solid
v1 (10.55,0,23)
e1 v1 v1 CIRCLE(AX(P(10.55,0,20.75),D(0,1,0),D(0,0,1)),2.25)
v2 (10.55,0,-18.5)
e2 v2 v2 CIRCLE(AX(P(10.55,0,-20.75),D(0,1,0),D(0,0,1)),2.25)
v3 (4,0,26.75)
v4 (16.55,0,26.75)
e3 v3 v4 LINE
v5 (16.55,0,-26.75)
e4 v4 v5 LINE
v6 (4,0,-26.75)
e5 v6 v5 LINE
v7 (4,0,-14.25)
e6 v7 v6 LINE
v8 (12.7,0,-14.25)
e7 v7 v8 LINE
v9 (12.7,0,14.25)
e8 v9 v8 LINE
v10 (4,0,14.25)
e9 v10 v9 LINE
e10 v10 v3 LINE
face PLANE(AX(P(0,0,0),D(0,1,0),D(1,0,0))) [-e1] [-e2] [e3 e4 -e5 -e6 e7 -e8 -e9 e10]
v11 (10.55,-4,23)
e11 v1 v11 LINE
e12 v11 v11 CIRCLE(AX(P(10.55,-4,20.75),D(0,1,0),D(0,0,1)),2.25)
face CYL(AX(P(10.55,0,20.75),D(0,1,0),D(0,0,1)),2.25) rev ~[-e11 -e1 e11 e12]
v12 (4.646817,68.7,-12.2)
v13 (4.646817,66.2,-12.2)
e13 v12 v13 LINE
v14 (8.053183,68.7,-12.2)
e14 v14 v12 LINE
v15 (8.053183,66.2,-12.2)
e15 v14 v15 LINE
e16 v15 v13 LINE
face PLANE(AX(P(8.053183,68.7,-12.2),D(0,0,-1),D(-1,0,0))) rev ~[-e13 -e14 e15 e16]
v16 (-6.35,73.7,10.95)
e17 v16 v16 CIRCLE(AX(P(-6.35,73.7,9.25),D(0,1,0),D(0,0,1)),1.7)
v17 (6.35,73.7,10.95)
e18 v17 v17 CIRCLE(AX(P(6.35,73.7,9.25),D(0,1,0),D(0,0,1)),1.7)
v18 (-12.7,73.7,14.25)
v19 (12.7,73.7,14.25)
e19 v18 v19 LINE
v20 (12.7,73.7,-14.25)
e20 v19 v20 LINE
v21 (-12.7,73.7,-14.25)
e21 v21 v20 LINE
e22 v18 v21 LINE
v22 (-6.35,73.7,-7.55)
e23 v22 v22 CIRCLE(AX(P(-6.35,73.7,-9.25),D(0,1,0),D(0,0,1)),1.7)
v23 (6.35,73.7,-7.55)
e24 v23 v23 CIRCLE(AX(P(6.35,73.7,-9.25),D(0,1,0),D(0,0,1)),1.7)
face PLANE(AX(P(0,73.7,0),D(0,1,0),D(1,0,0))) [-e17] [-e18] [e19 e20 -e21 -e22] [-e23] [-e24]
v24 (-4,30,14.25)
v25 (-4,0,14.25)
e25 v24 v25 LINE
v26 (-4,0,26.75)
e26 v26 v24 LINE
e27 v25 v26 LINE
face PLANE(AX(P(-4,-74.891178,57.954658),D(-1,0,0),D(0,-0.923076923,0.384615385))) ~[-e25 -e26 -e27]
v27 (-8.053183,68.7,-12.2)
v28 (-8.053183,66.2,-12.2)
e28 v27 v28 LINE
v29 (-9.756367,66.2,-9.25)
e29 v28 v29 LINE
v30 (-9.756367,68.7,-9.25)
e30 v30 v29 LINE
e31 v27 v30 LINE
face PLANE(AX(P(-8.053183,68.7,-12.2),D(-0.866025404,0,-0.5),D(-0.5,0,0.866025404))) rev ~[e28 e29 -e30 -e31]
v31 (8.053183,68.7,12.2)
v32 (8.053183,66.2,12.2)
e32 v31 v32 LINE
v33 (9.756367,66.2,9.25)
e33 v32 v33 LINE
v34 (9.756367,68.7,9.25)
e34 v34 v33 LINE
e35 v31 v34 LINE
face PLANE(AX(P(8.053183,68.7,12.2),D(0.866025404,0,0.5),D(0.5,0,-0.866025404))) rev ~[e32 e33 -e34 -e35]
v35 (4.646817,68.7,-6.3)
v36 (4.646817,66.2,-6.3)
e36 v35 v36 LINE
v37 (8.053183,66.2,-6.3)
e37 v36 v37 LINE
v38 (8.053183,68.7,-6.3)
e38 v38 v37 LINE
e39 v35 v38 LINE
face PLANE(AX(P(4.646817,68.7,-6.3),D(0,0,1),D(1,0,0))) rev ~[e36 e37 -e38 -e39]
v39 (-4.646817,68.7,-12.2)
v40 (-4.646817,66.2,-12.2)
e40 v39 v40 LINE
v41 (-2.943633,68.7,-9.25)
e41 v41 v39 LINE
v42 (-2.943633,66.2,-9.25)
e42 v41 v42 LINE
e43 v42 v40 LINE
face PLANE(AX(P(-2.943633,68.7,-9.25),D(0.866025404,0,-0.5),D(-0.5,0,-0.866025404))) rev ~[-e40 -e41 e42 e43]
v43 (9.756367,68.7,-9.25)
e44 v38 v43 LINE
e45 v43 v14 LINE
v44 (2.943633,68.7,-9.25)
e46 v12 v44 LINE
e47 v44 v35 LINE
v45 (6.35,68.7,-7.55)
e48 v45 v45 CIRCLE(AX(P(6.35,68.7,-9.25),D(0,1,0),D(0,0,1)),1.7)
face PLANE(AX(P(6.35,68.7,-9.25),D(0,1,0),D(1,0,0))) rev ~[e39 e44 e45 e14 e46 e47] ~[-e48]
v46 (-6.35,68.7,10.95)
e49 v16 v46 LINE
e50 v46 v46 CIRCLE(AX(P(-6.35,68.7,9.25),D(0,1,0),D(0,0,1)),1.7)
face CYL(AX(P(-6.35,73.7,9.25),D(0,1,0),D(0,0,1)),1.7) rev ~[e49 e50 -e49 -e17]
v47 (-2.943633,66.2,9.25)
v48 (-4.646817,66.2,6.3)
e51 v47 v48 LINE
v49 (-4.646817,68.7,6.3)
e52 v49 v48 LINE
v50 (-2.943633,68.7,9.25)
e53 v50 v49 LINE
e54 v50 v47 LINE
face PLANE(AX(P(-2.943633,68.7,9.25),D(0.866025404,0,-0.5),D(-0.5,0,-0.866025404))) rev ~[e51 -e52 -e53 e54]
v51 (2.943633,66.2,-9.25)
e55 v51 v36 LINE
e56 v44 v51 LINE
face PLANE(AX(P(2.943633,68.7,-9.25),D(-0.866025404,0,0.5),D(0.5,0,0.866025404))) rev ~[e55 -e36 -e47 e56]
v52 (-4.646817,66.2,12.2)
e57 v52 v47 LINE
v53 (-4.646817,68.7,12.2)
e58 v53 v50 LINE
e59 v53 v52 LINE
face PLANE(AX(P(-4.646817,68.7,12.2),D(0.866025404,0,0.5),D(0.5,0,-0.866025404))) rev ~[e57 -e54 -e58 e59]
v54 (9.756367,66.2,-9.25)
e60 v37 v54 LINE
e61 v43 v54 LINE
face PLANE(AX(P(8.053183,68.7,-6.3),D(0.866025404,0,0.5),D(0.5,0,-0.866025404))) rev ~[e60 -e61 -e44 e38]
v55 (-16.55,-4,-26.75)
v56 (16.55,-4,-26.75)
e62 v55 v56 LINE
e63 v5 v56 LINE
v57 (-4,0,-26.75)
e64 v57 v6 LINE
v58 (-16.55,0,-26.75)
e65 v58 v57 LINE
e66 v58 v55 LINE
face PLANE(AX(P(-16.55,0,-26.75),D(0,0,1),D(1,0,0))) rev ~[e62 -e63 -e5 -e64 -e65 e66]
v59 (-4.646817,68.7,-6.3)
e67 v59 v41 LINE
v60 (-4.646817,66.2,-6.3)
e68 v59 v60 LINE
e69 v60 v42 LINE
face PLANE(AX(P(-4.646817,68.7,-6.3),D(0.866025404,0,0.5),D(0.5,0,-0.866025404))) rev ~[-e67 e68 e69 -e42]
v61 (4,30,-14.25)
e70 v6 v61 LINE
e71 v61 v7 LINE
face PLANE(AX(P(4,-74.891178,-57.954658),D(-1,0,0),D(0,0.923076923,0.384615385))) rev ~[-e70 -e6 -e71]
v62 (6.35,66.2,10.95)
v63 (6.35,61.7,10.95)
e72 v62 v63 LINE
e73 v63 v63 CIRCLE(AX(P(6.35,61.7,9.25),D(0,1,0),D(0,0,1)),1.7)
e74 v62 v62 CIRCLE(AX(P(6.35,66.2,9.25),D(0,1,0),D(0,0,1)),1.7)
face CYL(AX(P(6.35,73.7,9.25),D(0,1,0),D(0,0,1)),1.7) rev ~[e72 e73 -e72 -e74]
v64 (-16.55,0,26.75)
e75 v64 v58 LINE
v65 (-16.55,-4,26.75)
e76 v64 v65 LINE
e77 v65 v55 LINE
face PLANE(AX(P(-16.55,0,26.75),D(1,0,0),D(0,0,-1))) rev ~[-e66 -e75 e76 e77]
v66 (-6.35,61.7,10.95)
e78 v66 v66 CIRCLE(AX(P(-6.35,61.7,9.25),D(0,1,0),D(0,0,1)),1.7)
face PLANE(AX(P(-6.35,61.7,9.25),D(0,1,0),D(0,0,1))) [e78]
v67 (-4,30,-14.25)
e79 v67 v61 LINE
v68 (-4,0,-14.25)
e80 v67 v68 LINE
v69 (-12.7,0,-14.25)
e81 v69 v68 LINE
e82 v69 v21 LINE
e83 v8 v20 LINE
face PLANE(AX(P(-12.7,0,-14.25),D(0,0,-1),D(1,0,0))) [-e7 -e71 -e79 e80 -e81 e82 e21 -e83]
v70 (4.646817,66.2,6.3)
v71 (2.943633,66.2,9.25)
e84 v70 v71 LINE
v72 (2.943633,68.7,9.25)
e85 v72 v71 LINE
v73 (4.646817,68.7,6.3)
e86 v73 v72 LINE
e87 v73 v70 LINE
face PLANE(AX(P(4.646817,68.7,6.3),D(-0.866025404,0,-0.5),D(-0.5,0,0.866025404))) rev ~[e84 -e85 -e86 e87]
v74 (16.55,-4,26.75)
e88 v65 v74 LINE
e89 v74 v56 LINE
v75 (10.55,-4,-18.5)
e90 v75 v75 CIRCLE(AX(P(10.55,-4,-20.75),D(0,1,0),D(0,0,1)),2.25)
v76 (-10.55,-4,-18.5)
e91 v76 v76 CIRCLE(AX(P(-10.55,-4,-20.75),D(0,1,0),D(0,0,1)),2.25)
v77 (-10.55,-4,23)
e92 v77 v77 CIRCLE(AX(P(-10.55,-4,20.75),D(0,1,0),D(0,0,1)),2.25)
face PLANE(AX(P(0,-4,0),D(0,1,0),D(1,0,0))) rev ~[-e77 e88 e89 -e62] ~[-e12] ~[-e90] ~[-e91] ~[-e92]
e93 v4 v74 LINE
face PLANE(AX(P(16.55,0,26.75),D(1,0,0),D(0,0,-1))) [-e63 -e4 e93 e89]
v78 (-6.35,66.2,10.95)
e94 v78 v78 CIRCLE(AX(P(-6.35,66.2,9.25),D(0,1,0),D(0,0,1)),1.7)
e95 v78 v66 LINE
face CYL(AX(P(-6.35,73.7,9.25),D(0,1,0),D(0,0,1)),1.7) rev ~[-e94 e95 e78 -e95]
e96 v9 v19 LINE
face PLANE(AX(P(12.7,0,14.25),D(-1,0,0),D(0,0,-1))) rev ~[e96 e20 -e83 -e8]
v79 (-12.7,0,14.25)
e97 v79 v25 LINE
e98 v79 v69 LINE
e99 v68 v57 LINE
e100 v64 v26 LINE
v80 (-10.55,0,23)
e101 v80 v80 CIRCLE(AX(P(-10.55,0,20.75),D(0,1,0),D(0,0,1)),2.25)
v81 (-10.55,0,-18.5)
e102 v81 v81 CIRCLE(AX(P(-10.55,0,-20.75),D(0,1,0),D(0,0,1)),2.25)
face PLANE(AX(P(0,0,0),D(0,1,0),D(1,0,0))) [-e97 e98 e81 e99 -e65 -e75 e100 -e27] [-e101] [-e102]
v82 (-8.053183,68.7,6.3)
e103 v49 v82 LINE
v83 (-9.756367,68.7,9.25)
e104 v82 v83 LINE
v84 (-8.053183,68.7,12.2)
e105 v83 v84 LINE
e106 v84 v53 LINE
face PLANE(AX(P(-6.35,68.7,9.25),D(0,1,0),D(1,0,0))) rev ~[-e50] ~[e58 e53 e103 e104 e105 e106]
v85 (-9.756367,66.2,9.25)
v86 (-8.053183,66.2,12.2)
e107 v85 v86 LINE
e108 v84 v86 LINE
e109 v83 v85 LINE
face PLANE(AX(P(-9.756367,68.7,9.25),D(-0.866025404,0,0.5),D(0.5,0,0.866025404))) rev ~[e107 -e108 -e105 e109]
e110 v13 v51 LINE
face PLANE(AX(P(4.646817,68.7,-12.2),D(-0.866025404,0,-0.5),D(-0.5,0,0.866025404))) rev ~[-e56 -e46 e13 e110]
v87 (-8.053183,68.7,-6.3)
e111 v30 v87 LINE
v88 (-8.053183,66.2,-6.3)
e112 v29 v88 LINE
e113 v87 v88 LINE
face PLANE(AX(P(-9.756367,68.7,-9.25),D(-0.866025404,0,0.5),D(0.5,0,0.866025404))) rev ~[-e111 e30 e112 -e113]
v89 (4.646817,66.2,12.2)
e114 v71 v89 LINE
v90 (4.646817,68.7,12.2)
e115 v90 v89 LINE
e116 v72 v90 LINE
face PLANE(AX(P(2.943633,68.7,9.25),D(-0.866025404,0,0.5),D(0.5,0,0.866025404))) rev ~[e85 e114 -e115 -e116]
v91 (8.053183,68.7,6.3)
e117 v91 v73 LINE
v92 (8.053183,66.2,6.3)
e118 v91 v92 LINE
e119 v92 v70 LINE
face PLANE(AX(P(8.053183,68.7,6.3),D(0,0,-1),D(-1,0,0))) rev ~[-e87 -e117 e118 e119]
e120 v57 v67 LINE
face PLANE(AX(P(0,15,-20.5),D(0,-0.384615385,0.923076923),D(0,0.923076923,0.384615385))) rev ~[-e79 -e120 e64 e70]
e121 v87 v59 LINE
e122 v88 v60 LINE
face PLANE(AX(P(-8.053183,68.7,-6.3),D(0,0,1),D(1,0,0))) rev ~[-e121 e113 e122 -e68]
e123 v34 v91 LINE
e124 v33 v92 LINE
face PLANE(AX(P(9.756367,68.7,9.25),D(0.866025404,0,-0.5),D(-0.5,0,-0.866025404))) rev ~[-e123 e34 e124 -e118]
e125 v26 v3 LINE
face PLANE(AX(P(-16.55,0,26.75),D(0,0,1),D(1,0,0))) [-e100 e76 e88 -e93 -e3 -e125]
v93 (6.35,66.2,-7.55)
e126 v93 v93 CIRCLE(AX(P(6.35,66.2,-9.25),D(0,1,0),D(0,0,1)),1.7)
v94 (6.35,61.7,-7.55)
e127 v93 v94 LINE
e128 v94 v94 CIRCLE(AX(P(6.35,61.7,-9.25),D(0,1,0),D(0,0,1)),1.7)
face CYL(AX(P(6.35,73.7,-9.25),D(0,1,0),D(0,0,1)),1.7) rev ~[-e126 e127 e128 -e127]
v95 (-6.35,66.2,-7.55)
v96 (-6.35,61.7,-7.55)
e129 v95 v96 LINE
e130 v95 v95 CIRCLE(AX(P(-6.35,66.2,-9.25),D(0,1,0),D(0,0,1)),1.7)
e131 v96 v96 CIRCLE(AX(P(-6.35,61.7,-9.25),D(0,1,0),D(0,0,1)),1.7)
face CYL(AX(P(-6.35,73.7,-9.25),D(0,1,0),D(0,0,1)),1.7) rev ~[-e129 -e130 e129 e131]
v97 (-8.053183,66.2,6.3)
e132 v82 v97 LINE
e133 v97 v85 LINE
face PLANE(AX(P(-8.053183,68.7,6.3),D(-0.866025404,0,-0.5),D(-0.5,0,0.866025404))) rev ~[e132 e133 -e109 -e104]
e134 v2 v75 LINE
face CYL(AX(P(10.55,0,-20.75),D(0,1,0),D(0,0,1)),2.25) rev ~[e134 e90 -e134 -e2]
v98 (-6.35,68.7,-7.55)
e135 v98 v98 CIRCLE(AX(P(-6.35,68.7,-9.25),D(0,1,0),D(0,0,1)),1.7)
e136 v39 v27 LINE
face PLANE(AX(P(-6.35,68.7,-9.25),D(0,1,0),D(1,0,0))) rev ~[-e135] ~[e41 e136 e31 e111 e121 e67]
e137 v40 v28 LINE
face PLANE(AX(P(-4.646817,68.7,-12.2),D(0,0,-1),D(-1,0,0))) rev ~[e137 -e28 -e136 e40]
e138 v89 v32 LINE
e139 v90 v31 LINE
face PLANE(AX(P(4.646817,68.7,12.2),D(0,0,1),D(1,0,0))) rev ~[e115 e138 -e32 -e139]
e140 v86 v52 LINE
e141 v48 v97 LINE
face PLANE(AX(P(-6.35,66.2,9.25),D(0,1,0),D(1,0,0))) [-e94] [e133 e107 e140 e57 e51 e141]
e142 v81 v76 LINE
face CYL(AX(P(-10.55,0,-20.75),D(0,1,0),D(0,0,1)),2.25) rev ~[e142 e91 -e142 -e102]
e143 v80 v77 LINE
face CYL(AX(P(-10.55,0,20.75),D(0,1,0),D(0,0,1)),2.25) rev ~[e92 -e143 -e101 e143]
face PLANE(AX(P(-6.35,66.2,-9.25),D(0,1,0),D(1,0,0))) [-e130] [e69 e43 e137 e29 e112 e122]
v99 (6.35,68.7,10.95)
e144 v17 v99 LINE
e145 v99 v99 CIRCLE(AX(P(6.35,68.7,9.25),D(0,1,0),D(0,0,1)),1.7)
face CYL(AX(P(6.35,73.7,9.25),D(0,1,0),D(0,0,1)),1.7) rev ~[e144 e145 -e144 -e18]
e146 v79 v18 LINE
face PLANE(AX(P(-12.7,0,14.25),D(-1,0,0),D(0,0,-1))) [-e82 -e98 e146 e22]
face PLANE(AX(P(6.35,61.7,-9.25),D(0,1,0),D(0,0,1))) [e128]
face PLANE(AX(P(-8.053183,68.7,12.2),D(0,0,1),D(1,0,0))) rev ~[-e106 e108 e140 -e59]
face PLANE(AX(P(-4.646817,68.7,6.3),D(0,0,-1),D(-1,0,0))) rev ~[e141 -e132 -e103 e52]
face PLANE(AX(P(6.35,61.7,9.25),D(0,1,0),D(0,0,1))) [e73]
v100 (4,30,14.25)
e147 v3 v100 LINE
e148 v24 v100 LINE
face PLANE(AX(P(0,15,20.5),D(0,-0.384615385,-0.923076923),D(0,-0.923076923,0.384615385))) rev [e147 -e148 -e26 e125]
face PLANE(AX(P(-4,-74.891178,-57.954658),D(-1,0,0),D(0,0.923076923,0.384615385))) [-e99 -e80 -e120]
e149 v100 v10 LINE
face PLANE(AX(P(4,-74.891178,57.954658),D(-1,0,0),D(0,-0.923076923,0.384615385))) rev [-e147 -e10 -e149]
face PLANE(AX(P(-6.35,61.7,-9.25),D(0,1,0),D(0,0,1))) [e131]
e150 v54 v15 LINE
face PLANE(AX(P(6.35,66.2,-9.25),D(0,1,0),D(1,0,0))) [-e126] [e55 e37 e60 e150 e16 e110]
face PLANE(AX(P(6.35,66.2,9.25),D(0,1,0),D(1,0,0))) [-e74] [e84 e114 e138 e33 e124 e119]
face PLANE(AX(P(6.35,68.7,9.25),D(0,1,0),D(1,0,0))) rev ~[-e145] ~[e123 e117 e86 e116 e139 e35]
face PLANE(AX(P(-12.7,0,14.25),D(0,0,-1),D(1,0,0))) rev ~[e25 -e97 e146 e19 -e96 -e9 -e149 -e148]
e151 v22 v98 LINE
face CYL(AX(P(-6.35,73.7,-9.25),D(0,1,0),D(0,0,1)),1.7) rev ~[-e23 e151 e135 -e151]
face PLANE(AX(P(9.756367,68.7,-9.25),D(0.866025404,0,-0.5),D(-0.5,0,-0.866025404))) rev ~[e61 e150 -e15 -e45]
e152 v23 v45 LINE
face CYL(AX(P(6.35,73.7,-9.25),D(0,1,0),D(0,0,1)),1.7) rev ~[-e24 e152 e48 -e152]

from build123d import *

# Parameters (mm, degrees)
SKETCH10_W          = 33.1
SKETCH10_H          = 53.5
BOSS_EXTRUDE7_DEPTH = 4
SKETCH12_R          = 2.25
CUT_EXTRUDE2_DEPTH  = 32.709068104
SKETCH11_W          = 25.4
SKETCH11_H          = 28.5
BOSS_EXTRUDE8_DEPTH = 73.7
RIB3_REACH          = 82.132
SKETCH13_WALL_W     = 194.764219338
SKETCH13_WALL_H     = 8
SKETCH14_R          = 1.7
CUT_EXTRUDE3_DEPTH  = 12
CUT_EXTRUDE5_START  = -5
SKETCH14_3_R        = 1.7
CUT_EXTRUDE5_DEPTH  = 2.5


with BuildPart() as part:
    # Sketch10 → Boss-Extrude7 (new body)
    with BuildSketch(Plane(origin=(0, 0, 0), x_dir=(1, 0, 0), z_dir=(0, 1, 0))):
        Rectangle(SKETCH10_W, SKETCH10_H)
    extrude(amount=-BOSS_EXTRUDE7_DEPTH)

    # Sketch12 → Cut-Extrude2 (cut, through all)
    with BuildSketch(Plane(origin=(0, 0, 0), x_dir=(1, 0, 0), z_dir=(0, 1, 0))):
        with Locations(Location((-10.55, 20.75, 0), (0, 0, 270))):
            Circle(SKETCH12_R)
        with Locations(Location((10.55, 20.75, 0), (0, 0, 270))):
            Circle(SKETCH12_R)
        with Locations(Location((10.55, -20.75, 0), (0, 0, 270))):
            Circle(SKETCH12_R)
        with Locations(Location((-10.55, -20.75, 0), (0, 0, 270))):
            Circle(SKETCH12_R)
    extrude(amount=-CUT_EXTRUDE2_DEPTH, mode=Mode.SUBTRACT)

    # Sketch11 → Boss-Extrude8 (add)
    with BuildSketch(Plane(origin=(0, 0, 0), x_dir=(1, 0, 0), z_dir=(0, 1, 0))):
        Rectangle(SKETCH11_W, SKETCH11_H)
    extrude(amount=BOSS_EXTRUDE8_DEPTH)

    # Sketch13 wall → Rib3 (add, up to next)
    with BuildSketch(Plane(origin=(0, 15, -20.5), x_dir=(0, 0.923076923077, 0.384615384615), z_dir=(0, -0.384615384615, 0.923076923077)), mode=Mode.PRIVATE) as rib3_sk1:
        Rectangle(SKETCH13_WALL_W, SKETCH13_WALL_H)
    rib3_tool1 = extrude(rib3_sk1.sketch, amount=RIB3_REACH, mode=Mode.PRIVATE) - part.part
    rib3 = rib3_tool1.solids().sort_by_distance((0, 15, -20.5))[0]
    add(rib3)

    # Mirror1: Rib3 across plane
    add(rib3.mirror(Plane.XY))

    # Sketch14 → Cut-Extrude3 (cut)
    with BuildSketch(Plane(origin=(0, 73.7, 0), x_dir=(1, 0, 0), z_dir=(0, 1, 0))):
        with Locations(Location((-6.35, 9.25, 0), (0, 0, 270))):
            Circle(SKETCH14_R)
        with Locations(Location((6.35, 9.25, 0), (0, 0, 270))):
            Circle(SKETCH14_R)
        with Locations(Location((-6.35, -9.25, 0), (0, 0, 270))):
            Circle(SKETCH14_R)
        with Locations(Location((6.35, -9.25, 0), (0, 0, 270))):
            Circle(SKETCH14_R)
    extrude(amount=-CUT_EXTRUDE3_DEPTH, mode=Mode.SUBTRACT)

    # Sketch14<3> → Cut-Extrude5 (cut)
    with BuildSketch(Plane(origin=(0, 73.7, 0), x_dir=(1, 0, 0), z_dir=(0, 1, 0)).offset(CUT_EXTRUDE5_START)):
        Polygon((-2.943633412, 9.25), (-4.646816706, 12.2), (-8.053183294, 12.2), (-9.756366588, 9.25), (-8.053183294, 6.3), (-4.646816706, 6.3), align=None)
        with Locations(Location((-6.35, 9.25, 0), (0, 0, 270))):
            Circle(SKETCH14_3_R, mode=Mode.SUBTRACT)
        Polygon((9.756366588, 9.25), (8.053183294, 12.2), (4.646816706, 12.2), (2.943633412, 9.25), (4.646816706, 6.3), (8.053183294, 6.3), align=None)
        with Locations(Location((6.35, 9.25, 0), (0, 0, 270))):
            Circle(SKETCH14_3_R, mode=Mode.SUBTRACT)
        Polygon((9.756366588, -9.25), (8.053183294, -6.3), (4.646816706, -6.3), (2.943633412, -9.25), (4.646816706, -12.2), (8.053183294, -12.2), align=None)
        with Locations(Location((6.35, -9.25, 0), (0, 0, 270))):
            Circle(SKETCH14_3_R, mode=Mode.SUBTRACT)
        Polygon((-2.943633412, -9.25), (-4.646816706, -6.3), (-8.053183294, -6.3), (-9.756366588, -9.25), (-8.053183294, -12.2), (-4.646816706, -12.2), align=None)
        with Locations(Location((-6.35, -9.25, 0), (0, 0, 270))):
            Circle(SKETCH14_3_R, mode=Mode.SUBTRACT)
    extrude(amount=-CUT_EXTRUDE5_DEPTH, mode=Mode.SUBTRACT)


solid = part.part
